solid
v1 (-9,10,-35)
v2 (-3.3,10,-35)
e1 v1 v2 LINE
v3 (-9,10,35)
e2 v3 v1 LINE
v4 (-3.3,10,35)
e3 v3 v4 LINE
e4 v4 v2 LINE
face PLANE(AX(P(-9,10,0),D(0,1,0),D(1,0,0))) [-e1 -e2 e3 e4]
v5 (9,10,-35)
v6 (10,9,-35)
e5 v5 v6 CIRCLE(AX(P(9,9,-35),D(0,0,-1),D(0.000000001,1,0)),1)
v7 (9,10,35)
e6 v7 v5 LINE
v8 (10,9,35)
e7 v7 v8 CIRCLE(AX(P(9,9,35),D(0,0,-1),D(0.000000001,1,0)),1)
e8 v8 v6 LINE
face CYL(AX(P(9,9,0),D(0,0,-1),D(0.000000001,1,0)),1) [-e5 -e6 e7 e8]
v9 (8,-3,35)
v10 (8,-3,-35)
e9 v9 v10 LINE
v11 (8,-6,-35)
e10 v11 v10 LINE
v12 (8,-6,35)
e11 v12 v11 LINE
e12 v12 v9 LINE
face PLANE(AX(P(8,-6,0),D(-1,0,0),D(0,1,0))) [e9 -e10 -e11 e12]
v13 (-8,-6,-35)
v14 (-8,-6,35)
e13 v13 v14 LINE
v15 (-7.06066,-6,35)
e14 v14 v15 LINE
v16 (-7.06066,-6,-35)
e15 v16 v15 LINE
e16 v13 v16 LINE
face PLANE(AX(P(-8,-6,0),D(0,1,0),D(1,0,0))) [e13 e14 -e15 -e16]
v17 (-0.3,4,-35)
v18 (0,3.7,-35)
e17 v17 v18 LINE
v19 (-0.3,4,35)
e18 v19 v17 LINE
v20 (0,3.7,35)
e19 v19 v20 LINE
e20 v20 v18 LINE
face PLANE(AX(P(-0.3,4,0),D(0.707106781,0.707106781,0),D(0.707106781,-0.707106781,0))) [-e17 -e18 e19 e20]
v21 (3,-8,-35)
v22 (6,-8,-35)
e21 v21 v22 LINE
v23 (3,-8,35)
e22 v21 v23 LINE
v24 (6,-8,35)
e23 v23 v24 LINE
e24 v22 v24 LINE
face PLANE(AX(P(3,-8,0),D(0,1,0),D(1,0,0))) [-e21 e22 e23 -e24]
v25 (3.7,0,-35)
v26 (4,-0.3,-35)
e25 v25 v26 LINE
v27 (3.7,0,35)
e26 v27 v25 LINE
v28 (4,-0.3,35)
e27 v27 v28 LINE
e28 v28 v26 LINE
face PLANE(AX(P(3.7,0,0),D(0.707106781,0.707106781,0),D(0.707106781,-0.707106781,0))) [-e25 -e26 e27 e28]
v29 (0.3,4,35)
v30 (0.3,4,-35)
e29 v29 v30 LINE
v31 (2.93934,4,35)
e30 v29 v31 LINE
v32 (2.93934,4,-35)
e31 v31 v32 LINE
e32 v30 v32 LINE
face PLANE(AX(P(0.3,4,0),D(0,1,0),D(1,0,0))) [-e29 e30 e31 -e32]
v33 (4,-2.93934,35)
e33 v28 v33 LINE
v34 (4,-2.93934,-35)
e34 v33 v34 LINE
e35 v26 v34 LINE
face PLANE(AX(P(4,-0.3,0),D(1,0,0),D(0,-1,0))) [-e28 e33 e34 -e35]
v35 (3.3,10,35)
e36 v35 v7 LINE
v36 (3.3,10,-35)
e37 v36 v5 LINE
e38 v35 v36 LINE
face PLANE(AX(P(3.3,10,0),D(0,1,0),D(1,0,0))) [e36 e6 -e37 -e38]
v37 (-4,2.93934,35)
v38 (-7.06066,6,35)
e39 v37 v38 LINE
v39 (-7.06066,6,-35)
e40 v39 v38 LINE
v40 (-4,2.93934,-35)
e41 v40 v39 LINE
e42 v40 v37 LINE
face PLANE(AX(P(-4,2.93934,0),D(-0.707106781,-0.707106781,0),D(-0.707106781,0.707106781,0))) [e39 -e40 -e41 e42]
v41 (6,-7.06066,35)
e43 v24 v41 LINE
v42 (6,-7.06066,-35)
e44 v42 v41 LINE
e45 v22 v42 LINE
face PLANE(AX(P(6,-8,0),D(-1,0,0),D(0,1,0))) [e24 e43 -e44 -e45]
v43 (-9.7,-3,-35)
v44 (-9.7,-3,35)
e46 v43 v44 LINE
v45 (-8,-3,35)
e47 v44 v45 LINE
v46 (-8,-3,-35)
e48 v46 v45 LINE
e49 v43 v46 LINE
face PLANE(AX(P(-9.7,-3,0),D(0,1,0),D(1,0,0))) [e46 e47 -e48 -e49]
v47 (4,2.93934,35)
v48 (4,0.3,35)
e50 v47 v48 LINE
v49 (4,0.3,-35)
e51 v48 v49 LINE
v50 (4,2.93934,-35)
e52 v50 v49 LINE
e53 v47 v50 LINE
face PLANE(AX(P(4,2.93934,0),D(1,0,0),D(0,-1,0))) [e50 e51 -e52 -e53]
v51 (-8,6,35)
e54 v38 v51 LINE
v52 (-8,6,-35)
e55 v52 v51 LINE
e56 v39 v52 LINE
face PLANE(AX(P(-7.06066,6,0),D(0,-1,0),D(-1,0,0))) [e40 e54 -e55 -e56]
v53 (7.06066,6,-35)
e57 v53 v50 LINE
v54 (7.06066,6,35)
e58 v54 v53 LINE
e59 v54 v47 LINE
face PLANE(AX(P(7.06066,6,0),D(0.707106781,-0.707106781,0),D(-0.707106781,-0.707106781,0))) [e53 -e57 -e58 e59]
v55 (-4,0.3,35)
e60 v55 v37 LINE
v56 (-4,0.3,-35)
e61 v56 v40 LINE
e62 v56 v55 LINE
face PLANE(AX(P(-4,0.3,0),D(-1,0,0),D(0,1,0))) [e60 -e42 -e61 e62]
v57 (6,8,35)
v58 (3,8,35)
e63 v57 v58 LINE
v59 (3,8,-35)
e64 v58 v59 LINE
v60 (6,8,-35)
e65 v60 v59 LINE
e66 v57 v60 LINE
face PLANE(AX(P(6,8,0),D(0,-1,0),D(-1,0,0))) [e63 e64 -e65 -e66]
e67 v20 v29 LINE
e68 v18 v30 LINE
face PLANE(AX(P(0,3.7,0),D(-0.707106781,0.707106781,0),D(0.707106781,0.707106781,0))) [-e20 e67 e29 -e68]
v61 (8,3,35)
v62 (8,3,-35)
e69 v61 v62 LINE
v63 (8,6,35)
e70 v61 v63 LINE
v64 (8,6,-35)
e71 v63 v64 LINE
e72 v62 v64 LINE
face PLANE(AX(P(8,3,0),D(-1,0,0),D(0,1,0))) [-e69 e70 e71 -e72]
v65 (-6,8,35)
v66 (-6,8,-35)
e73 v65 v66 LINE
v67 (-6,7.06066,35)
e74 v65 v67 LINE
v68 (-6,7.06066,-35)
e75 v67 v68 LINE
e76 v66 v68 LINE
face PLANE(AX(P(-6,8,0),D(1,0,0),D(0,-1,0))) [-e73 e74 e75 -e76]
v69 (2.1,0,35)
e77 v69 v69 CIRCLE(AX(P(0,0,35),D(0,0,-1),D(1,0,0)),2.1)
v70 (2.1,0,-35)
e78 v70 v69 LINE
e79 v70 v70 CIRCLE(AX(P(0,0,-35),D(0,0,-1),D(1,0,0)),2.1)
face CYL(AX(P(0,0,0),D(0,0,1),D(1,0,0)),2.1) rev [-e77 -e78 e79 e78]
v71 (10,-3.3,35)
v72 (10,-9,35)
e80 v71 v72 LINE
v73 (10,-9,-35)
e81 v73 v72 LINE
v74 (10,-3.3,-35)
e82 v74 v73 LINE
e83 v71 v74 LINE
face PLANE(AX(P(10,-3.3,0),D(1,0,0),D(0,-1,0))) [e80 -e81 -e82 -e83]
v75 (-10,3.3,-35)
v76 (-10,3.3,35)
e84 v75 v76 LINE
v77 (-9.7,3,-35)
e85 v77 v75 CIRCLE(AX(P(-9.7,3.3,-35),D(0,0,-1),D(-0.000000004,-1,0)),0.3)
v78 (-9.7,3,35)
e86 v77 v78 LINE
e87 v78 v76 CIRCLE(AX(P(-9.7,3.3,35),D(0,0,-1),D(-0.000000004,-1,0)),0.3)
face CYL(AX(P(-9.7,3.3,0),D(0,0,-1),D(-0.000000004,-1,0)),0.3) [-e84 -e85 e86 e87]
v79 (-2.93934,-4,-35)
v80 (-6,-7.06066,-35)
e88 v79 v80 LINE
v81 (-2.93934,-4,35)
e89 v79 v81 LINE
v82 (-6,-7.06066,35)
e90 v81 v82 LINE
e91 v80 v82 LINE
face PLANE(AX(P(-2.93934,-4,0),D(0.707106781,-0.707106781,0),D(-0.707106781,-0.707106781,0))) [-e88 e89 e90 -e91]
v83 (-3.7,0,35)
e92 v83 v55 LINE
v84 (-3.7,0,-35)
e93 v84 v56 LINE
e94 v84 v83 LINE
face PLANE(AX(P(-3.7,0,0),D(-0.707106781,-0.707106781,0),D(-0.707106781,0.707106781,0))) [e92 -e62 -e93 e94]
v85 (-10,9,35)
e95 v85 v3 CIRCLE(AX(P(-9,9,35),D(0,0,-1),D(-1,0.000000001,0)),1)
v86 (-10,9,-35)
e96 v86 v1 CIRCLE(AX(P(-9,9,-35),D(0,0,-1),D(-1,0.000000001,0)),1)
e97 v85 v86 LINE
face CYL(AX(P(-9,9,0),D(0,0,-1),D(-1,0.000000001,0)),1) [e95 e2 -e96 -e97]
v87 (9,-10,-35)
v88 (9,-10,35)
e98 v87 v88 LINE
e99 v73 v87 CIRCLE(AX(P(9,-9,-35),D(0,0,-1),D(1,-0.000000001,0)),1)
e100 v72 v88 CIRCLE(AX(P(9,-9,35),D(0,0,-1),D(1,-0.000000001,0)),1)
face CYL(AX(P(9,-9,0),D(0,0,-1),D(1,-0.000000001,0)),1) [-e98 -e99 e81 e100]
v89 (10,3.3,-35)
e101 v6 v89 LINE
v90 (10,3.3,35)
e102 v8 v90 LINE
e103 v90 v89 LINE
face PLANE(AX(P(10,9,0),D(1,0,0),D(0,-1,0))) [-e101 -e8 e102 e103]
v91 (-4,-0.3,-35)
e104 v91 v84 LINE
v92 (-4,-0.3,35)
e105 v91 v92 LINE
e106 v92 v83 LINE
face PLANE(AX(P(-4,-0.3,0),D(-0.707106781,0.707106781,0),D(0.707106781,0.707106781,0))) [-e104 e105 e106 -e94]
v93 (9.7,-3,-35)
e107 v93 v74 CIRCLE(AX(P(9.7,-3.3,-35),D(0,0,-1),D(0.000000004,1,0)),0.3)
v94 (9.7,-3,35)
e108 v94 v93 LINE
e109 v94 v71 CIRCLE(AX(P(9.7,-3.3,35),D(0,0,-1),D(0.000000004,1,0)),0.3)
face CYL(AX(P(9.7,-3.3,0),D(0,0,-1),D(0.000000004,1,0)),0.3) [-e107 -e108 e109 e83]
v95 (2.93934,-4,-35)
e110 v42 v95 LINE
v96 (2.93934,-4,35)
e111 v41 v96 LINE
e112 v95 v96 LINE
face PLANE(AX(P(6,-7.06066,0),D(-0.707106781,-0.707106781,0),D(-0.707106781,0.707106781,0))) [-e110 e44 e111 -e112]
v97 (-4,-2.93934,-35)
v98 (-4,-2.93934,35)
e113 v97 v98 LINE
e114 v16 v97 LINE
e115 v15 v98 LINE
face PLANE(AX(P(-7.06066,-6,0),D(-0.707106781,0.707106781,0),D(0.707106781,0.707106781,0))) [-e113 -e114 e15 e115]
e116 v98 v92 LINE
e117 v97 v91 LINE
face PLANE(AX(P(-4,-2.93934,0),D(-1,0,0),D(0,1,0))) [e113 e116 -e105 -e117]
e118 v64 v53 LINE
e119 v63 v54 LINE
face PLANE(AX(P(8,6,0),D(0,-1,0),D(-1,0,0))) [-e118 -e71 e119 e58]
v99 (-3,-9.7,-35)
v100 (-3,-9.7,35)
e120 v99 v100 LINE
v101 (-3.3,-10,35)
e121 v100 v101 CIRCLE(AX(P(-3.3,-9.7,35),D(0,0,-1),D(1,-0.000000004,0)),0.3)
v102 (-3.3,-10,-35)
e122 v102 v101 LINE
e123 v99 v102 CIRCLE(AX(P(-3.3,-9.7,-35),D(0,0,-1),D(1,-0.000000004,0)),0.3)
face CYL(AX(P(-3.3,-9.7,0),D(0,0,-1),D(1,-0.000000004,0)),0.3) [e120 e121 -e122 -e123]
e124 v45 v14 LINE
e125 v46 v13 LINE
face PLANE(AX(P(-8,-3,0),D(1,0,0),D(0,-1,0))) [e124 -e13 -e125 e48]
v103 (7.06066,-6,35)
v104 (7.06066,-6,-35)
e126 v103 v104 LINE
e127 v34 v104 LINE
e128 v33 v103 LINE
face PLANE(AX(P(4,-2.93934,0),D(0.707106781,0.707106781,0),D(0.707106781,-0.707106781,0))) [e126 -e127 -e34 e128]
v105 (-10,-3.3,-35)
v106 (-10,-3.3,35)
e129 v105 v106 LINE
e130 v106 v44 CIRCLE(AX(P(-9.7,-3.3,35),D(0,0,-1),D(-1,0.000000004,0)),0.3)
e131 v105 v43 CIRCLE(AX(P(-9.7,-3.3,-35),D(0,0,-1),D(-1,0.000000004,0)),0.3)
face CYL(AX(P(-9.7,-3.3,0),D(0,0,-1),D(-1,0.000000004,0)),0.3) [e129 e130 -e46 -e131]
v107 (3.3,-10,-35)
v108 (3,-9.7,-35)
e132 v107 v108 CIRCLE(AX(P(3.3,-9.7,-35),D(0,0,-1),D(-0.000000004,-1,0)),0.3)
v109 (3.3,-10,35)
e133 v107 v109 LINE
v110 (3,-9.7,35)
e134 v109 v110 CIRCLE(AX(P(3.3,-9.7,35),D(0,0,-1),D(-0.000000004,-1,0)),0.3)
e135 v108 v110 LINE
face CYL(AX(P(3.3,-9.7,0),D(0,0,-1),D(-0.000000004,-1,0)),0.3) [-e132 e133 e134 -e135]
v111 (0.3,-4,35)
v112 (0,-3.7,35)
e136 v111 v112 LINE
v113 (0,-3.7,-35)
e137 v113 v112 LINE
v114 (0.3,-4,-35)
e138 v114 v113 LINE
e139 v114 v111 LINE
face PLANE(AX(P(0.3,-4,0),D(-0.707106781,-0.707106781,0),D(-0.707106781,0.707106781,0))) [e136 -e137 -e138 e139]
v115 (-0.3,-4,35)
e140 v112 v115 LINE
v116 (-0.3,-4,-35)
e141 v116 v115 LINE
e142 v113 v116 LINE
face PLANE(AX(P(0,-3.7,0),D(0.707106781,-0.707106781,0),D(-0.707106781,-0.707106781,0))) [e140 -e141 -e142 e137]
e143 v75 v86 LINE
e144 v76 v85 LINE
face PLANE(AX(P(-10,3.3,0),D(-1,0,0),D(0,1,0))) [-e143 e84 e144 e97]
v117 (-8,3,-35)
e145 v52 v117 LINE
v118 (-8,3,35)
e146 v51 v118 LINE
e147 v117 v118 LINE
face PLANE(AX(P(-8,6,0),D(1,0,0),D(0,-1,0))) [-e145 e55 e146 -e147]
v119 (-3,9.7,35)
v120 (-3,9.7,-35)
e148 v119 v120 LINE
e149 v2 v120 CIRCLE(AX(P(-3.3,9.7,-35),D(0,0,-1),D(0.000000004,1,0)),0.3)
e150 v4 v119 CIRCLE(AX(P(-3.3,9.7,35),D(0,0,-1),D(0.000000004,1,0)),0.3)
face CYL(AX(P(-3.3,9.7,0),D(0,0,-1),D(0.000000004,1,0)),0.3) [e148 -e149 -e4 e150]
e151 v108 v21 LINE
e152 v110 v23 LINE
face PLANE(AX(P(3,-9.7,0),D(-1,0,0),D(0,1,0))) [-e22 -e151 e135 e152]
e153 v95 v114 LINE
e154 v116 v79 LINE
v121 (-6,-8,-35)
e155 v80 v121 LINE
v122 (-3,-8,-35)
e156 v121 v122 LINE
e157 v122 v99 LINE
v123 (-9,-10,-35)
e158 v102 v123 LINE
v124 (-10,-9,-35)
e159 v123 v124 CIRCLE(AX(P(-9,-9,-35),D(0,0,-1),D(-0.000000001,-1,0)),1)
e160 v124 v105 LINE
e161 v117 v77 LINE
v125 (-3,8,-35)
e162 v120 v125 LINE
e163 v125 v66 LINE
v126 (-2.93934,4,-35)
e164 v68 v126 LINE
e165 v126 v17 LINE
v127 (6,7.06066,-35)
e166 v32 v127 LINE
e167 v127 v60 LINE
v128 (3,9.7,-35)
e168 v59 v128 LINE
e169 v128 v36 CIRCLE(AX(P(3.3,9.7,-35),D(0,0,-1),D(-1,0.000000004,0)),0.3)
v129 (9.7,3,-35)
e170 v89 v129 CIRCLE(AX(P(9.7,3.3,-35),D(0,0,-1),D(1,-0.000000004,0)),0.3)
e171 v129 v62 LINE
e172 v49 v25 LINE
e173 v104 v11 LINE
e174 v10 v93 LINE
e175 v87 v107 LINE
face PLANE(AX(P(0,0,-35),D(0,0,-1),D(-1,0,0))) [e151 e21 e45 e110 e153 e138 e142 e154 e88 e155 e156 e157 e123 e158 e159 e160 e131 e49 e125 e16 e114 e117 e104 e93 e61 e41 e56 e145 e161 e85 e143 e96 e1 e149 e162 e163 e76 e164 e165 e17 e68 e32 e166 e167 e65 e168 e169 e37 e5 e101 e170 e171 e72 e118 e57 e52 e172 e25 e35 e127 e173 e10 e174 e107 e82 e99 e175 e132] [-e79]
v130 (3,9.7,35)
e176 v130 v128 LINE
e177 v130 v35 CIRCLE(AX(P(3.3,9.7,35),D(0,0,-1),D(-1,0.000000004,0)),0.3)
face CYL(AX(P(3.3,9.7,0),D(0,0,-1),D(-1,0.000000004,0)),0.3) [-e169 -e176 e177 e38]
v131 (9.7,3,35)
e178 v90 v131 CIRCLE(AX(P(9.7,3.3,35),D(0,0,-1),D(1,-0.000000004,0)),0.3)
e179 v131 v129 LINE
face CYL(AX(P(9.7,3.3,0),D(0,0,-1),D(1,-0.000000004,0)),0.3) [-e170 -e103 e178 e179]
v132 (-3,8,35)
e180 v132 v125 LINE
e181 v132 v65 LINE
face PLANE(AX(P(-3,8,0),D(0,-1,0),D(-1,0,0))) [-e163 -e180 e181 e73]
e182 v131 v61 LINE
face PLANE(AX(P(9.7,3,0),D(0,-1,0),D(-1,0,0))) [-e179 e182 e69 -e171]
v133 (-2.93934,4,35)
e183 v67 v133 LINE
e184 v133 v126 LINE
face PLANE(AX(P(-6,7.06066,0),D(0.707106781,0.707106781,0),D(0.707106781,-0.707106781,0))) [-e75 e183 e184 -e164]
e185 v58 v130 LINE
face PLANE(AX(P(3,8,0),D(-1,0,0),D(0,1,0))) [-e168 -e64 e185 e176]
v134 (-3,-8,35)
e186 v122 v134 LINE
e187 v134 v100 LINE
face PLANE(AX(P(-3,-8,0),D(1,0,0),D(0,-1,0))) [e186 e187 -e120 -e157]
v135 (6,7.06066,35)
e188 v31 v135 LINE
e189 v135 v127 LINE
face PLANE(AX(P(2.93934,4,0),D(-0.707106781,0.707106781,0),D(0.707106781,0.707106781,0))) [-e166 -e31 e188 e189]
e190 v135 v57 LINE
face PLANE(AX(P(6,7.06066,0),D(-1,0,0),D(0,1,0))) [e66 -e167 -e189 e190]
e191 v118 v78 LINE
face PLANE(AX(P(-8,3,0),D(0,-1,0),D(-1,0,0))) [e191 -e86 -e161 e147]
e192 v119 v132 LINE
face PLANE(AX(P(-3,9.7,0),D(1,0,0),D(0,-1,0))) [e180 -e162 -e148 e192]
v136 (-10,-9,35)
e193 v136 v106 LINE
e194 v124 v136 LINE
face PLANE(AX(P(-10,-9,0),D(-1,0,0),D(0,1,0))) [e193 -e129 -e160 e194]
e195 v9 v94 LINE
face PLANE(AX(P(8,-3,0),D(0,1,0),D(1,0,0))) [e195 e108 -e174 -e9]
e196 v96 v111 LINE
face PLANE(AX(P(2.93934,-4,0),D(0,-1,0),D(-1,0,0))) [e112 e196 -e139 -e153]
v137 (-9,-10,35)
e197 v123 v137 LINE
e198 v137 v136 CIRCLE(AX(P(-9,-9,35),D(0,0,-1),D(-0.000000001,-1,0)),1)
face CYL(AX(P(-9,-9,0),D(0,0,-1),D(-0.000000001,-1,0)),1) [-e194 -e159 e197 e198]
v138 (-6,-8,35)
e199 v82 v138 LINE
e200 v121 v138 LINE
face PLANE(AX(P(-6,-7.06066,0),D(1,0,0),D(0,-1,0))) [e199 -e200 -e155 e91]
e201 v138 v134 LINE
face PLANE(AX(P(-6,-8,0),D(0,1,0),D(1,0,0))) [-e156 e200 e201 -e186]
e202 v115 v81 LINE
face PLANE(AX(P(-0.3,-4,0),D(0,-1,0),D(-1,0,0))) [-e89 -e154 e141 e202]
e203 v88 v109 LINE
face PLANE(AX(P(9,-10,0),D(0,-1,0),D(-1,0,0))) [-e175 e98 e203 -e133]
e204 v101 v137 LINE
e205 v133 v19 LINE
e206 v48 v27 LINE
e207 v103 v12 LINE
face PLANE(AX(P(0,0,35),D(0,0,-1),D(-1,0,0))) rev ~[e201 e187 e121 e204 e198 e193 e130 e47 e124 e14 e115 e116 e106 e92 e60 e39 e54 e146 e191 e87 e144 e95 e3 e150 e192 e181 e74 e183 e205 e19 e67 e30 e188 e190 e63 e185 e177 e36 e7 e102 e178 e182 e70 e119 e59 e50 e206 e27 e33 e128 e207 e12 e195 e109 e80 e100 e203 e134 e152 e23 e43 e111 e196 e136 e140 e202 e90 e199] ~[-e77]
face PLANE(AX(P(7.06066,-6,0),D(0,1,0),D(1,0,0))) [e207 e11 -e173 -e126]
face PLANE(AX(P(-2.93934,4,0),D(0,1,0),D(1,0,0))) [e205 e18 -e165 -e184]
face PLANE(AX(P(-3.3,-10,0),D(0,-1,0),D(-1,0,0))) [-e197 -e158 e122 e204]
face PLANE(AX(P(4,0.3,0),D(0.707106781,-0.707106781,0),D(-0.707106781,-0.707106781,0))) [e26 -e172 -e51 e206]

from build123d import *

# Parameters (mm, degrees)
SKETCH1_R           = 2.1
BOSS_EXTRUDE1_DEPTH = 35


with BuildPart() as part:
    # Sketch1 → Boss-Extrude1 (new, symmetric)
    with BuildSketch(Plane(origin=(0, 0, 0), x_dir=(-1, 0, 0), z_dir=(0, 0, -1))):
        with BuildLine():
            Line((10, 3.3), (10, 9))
            ThreePointArc((10, 9), (9.707106781, 9.707106781), (9, 10))
            Line((9, 10), (3.3, 10))
            ThreePointArc((3.3, 10), (3.087867966, 9.912132034), (3, 9.7))
            Line((3, 9.7), (3, 8))
            Line((3, 8), (6, 8))
            Line((6, 8), (6, 7.060660172))
            Line((6, 7.060660172), (2.939339828, 4))
            Line((2.939339828, 4), (0.3, 4))
            Line((0.3, 4), (0, 3.7))
            Line((0, 3.7), (-0.3, 4))
            Line((-0.3, 4), (-2.939339828, 4))
            Line((-2.939339828, 4), (-6, 7.060660172))
            Line((-6, 7.060660172), (-6, 8))
            Line((-6, 8), (-3, 8))
            Line((-3, 8), (-3, 9.7))
            ThreePointArc((-3, 9.7), (-3.087867966, 9.912132034), (-3.3, 10))
            Line((-3.3, 10), (-9, 10))
            ThreePointArc((-9, 10), (-9.707106781, 9.707106781), (-10, 9))
            Line((-10, 9), (-10, 3.3))
            ThreePointArc((-10, 3.3), (-9.912132034, 3.087867966), (-9.7, 3))
            Line((-9.7, 3), (-8, 3))
            Line((-8, 3), (-8, 6))
            Line((-8, 6), (-7.060660172, 6))
            Line((-7.060660172, 6), (-4, 2.939339828))
            Line((-4, 2.939339828), (-4, 0.3))
            Line((-4, 0.3), (-3.7, 0))
            Line((-3.7, 0), (-4, -0.3))
            Line((-4, -0.3), (-4, -2.939339828))
            Line((-4, -2.939339828), (-7.060660172, -6))
            Line((-7.060660172, -6), (-8, -6))
            Line((-8, -6), (-8, -3))
            Line((-8, -3), (-9.7, -3))
            ThreePointArc((-9.7, -3), (-9.912132034, -3.087867966), (-10, -3.3))
            Line((-10, -3.3), (-10, -9))
            ThreePointArc((-10, -9), (-9.707106781, -9.707106781), (-9, -10))
            Line((-9, -10), (-3.3, -10))
            ThreePointArc((-3.3, -10), (-3.087867966, -9.912132034), (-3, -9.7))
            Line((-3, -9.7), (-3, -8))
            Line((-3, -8), (-6, -8))
            Line((-6, -8), (-6, -7.060660172))
            Line((-6, -7.060660172), (-2.939339828, -4))
            Line((-2.939339828, -4), (-0.3, -4))
            Line((-0.3, -4), (0, -3.7))
            Line((0, -3.7), (0.3, -4))
            Line((0.3, -4), (2.939339828, -4))
            Line((2.939339828, -4), (6, -7.060660172))
            Line((6, -7.060660172), (6, -8))
            Line((6, -8), (3, -8))
            Line((3, -8), (3, -9.7))
            ThreePointArc((3, -9.7), (3.087867966, -9.912132034), (3.3, -10))
            Line((3.3, -10), (9, -10))
            ThreePointArc((9, -10), (9.707106781, -9.707106781), (10, -9))
            Line((10, -9), (10, -3.3))
            ThreePointArc((10, -3.3), (9.912132034, -3.087867966), (9.7, -3))
            Line((9.7, -3), (8, -3))
            Line((8, -3), (8, -6))
            Line((8, -6), (7.060660172, -6))
            Line((7.060660172, -6), (4, -2.939339828))
            Line((4, -2.939339828), (4, -0.3))
            Line((4, -0.3), (3.7, 0))
            Line((3.7, 0), (4, 0.3))
            Line((4, 0.3), (4, 2.939339828))
            Line((4, 2.939339828), (7.060660172, 6))
            Line((7.060660172, 6), (8, 6))
            Line((8, 6), (8, 3))
            Line((8, 3), (9.7, 3))
            ThreePointArc((9.7, 3), (9.912132034, 3.087867966), (10, 3.3))
        make_face()
        Circle(SKETCH1_R, mode=Mode.SUBTRACT)
    extrude(amount=BOSS_EXTRUDE1_DEPTH, both=True)


solid = part.part
